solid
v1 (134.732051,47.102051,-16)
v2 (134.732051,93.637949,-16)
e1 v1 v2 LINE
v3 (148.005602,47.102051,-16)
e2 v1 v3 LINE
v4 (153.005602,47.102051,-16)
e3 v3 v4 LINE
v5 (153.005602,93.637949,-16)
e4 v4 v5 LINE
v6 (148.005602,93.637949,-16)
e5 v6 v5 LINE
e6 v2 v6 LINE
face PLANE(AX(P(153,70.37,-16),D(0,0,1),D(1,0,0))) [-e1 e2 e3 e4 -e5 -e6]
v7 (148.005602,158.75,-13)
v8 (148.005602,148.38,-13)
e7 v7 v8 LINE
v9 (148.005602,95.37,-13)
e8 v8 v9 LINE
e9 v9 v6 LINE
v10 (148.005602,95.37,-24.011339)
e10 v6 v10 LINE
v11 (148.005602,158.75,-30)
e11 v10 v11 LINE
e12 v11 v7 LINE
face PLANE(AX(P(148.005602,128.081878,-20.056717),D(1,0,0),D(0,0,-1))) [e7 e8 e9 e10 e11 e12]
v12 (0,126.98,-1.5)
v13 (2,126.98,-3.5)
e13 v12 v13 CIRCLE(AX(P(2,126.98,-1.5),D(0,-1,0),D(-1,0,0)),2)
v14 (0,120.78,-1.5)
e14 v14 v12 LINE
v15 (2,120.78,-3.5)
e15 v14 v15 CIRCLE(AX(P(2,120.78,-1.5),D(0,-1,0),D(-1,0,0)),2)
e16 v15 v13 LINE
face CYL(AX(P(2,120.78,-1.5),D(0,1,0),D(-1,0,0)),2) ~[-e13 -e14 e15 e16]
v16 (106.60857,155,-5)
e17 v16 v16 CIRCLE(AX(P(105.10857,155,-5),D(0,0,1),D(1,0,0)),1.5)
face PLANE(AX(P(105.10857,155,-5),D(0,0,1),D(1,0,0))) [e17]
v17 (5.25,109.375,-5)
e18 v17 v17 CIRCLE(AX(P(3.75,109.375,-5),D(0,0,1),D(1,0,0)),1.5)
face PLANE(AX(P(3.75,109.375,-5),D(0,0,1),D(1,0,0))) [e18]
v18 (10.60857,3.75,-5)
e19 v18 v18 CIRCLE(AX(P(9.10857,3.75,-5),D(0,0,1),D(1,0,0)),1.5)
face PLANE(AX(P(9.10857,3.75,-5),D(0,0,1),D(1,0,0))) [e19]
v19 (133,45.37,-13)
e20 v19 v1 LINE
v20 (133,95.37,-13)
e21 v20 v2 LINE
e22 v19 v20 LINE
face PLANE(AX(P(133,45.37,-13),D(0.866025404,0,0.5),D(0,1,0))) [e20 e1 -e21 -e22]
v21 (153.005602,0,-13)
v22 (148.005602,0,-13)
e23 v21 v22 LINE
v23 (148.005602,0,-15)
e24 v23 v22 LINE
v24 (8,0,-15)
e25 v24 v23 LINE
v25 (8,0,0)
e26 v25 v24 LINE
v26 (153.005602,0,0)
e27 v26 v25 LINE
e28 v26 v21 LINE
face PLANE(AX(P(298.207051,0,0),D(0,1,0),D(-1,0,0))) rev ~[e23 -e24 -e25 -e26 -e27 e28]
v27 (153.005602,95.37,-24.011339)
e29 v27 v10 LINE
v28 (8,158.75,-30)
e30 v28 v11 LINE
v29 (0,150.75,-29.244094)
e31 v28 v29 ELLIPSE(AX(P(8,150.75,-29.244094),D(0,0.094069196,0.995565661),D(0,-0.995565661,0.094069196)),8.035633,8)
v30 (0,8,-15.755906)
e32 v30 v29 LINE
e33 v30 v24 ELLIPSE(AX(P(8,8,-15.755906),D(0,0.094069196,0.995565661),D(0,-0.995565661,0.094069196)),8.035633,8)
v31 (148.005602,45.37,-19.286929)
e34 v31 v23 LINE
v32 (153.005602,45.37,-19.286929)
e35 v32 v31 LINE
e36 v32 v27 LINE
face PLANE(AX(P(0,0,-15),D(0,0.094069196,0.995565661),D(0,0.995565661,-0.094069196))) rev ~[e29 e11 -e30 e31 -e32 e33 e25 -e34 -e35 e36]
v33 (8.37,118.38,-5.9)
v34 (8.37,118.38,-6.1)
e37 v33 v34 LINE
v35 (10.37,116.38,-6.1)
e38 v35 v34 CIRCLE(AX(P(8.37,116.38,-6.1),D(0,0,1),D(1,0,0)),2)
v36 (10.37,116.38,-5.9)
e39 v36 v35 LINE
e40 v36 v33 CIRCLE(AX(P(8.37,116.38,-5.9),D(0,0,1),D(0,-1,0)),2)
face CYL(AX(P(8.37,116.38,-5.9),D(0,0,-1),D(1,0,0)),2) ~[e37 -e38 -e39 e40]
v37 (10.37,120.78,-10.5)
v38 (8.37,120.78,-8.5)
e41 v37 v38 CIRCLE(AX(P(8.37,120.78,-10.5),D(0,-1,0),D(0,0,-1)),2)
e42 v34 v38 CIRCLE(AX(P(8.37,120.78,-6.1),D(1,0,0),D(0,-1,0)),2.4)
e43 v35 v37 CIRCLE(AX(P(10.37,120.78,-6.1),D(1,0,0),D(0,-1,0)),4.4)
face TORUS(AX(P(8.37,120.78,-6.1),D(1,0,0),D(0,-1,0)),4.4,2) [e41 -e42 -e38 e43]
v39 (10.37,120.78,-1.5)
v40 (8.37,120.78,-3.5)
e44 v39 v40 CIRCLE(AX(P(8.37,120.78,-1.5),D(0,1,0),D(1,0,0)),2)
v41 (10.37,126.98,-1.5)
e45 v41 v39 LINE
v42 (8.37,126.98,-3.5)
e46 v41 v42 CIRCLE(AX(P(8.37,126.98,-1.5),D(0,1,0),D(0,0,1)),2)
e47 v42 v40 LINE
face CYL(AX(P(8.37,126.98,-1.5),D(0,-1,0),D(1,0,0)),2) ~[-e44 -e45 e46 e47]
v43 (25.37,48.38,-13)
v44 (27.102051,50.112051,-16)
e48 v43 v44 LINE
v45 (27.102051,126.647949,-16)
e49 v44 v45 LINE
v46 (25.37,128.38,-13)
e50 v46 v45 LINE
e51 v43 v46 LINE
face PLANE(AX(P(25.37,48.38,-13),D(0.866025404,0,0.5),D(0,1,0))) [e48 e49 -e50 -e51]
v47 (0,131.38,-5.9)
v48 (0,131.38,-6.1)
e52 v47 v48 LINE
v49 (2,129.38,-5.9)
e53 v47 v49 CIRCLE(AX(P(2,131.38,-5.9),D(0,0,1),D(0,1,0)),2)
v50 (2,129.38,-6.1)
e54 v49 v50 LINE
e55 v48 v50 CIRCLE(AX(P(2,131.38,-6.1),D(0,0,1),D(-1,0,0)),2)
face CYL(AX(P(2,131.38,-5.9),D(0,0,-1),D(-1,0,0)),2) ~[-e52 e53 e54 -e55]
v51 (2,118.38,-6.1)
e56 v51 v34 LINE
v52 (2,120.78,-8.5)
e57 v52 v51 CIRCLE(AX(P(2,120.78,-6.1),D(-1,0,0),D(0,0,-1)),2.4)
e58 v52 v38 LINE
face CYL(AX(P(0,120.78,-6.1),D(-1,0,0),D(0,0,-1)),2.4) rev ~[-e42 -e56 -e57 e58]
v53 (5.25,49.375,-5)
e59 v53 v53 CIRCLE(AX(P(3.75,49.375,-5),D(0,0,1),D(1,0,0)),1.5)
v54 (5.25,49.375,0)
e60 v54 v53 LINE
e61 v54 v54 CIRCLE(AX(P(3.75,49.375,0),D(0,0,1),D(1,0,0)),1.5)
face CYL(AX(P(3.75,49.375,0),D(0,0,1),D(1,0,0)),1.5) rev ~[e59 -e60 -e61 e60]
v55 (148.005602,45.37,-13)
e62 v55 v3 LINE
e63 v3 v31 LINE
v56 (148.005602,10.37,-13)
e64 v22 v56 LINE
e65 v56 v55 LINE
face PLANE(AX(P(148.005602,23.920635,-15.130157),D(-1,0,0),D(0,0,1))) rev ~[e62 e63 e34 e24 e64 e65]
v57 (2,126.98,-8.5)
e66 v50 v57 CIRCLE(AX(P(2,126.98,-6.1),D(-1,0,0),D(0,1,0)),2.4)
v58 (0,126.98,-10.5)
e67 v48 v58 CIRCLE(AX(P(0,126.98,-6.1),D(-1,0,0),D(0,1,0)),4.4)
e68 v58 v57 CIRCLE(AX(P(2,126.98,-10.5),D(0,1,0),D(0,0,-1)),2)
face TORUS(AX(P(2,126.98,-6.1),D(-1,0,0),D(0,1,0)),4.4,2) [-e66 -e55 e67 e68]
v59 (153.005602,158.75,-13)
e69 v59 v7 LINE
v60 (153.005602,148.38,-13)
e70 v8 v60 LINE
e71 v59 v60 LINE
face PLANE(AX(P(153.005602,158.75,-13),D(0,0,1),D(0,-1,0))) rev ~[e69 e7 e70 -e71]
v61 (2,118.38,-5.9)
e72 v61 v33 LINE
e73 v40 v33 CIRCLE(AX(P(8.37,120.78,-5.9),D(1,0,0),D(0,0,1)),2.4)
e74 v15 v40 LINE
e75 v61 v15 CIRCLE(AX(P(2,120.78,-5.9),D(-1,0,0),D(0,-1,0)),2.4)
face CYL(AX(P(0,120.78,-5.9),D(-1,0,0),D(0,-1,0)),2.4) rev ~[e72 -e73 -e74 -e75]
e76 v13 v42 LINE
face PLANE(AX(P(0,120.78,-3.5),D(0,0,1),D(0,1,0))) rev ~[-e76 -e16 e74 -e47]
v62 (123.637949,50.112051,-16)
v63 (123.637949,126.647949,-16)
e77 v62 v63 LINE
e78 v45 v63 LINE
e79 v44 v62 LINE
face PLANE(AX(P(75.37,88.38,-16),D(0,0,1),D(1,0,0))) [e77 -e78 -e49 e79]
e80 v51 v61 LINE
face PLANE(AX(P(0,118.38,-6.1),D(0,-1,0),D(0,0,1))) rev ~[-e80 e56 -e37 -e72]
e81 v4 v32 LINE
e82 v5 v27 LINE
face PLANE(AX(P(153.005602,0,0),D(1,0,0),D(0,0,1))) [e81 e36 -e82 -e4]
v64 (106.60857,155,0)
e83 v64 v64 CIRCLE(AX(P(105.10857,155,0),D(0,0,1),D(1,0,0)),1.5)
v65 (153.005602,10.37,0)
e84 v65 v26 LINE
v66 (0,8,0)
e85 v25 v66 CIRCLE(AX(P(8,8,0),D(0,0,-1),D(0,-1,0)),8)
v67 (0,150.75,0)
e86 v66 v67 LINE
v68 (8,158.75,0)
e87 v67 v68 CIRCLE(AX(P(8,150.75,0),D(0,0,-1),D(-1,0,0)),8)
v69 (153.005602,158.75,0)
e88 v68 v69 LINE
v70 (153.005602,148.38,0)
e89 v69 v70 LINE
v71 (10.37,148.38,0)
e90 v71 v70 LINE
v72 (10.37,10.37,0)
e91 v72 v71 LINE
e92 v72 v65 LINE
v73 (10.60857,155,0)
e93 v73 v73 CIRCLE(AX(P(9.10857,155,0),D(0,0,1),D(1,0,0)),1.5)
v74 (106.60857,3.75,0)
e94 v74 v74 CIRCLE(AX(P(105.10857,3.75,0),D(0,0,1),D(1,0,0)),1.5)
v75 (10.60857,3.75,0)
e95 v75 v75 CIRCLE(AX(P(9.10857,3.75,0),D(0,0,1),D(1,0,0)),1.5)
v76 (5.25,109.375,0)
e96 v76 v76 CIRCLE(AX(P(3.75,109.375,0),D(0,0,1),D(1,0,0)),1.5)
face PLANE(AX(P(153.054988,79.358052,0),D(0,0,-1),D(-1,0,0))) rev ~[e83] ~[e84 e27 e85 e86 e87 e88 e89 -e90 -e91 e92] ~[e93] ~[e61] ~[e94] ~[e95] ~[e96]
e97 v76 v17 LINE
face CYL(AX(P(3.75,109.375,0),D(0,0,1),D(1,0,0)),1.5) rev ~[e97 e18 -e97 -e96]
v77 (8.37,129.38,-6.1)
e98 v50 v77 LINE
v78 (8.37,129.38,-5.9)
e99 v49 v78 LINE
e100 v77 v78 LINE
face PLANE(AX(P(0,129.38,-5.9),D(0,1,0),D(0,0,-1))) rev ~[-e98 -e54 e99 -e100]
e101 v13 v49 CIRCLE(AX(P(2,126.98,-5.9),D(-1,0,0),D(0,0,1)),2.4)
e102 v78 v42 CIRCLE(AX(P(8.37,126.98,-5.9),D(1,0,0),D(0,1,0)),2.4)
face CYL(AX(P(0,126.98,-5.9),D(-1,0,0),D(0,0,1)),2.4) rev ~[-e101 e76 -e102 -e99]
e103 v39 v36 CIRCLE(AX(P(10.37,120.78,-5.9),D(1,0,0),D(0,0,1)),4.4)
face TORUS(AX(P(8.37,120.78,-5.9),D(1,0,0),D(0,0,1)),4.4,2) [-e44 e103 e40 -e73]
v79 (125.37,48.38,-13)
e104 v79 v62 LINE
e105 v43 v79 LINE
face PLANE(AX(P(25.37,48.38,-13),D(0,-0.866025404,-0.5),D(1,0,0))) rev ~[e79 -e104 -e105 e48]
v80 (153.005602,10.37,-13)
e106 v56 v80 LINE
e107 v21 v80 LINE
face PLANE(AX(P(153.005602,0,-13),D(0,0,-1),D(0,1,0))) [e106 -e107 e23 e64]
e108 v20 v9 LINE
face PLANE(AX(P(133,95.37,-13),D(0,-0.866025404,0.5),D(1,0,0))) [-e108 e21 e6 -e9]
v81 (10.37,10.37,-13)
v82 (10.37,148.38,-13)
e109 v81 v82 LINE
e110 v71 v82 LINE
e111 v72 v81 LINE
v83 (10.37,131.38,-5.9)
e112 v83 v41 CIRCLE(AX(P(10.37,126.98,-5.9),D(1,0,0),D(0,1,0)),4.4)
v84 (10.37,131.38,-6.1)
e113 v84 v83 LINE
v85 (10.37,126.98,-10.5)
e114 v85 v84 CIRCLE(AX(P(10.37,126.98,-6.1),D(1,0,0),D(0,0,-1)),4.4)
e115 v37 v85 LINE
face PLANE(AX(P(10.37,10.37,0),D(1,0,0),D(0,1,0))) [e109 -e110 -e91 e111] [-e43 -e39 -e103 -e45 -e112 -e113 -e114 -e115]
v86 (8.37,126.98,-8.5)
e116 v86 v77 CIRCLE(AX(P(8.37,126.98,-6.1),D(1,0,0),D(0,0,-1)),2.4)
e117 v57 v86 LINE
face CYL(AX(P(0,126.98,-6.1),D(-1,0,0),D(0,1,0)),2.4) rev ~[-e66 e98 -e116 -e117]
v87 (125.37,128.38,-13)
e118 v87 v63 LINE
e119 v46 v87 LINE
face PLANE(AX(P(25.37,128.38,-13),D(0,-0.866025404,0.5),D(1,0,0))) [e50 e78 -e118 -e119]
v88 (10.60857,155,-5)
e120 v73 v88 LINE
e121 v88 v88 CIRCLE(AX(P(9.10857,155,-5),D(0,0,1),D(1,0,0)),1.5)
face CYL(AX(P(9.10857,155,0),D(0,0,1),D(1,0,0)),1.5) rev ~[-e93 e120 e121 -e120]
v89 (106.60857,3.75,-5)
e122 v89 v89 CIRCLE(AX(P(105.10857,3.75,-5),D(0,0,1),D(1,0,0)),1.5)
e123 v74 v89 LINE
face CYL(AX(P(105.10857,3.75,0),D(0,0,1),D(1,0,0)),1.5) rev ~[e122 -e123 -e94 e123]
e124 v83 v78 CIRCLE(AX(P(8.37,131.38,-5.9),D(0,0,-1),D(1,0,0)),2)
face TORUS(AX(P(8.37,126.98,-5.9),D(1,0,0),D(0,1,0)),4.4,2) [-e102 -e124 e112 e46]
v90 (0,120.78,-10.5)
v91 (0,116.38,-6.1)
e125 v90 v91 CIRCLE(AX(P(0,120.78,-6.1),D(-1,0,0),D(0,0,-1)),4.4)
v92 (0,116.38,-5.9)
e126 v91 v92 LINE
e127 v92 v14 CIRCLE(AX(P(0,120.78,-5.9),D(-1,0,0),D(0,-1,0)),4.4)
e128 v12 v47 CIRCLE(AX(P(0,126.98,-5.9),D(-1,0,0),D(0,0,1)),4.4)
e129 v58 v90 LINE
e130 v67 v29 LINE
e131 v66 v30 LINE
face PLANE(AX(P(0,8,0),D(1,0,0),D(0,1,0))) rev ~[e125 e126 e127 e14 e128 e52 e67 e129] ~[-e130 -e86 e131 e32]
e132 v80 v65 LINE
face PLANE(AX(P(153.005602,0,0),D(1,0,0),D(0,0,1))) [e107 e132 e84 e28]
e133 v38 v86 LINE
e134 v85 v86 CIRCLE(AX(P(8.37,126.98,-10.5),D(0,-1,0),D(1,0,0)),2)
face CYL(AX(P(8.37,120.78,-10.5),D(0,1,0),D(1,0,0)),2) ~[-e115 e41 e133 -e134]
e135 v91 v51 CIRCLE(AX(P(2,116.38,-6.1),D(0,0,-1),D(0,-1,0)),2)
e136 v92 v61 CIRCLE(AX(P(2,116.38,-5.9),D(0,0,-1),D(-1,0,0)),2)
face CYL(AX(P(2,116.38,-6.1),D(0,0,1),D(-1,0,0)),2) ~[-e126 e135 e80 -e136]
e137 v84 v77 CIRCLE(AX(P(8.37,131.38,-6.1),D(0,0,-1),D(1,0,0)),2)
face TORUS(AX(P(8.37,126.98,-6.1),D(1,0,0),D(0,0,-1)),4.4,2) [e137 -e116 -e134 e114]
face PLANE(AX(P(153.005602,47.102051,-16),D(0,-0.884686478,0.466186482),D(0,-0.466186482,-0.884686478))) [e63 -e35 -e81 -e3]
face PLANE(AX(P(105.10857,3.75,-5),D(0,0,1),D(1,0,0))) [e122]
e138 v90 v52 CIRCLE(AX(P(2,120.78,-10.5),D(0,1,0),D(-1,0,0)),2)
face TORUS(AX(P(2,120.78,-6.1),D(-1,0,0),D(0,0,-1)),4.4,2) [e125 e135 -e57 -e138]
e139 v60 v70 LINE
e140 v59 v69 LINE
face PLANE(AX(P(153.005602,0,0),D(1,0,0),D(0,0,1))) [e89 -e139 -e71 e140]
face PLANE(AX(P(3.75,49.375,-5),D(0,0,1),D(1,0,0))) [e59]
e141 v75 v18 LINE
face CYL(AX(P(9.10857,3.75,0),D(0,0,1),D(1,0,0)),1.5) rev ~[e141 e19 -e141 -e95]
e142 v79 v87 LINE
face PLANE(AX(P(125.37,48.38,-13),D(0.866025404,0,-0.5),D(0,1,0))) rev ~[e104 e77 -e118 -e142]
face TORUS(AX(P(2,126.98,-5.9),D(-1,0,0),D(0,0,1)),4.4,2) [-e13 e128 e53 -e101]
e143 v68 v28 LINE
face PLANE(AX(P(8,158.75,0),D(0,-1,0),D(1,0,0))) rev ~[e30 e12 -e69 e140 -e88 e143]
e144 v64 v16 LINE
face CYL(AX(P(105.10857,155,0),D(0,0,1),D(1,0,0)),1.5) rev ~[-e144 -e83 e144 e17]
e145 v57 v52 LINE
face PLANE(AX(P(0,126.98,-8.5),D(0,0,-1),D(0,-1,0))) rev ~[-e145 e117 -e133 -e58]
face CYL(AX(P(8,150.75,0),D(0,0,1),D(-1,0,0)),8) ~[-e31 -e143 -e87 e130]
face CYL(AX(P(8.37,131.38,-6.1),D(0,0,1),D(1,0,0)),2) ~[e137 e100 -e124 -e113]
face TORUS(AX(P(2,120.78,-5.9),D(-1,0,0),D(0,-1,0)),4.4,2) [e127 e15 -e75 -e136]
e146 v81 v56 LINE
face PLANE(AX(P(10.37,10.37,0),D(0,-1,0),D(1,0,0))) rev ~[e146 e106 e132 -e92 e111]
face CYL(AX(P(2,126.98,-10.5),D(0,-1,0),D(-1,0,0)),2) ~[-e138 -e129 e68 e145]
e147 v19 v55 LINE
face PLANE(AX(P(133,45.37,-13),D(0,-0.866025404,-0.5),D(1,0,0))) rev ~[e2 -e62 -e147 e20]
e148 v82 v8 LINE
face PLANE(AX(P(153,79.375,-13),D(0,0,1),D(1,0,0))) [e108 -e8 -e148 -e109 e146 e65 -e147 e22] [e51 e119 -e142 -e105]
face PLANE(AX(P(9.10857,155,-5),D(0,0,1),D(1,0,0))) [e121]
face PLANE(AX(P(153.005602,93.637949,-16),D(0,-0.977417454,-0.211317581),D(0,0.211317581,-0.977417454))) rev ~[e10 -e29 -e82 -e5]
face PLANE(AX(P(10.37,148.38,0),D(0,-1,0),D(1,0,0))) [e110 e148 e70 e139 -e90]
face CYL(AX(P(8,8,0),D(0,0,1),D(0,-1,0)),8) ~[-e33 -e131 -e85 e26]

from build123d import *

# Parameters (mm, degrees)
EXTRUDE_1_DEPTH      = 30
SKETCH_2_R           = 1.5
CUT_EXTRUDE_1_DEPTH  = 5
CUT_EXTRUDE_4_DEPTH  = 307
SKETCH_3_W           = 285.26
SKETCH_3_H           = 138.01
CUT_EXTRUDE_5_DEPTH  = 13
SKETCH_12_W          = 40
SKETCH_12_H          = 50
CUT_EXTRUDE_7_DEPTH  = 3
CUT_EXTRUDE_7_DRAFT  = -30
SKETCH_9_W           = 100
SKETCH_9_H           = 80
CUT_EXTRUDE_8_DEPTH  = 3
CUT_EXTRUDE_8_DRAFT  = -30
CUT_EXTRUDE_9_DEPTH  = 11
FILLET_1_R           = 2
CUT_EXTRUDE_10_DEPTH = 11
FILLET_2_R           = 2
FILLET_3_R           = 2
FILLET_4_R           = 2
CUT_EXTRUDE_11_DEPTH = 5


with BuildPart() as part:
    # Model → 凸台-拉伸1 (new body)
    with BuildSketch(Plane.XY):
        with BuildLine():
            Line((0, 11), (0, 150.75))
            ThreePointArc((0, 150.75), (2.343145751, 156.406854249), (8, 158.75))
            Line((8, 158.75), (298.011203897, 158.75))
            ThreePointArc((298.011203897, 158.75), (303.664092807, 156.410816811), (306.011196041, 150.761211743))
            Line((306.011196041, 150.761211743), (306.207051361, 11.011211743))
            Line((306.207051361, 11.011211743), (306.207051361, 8))
            ThreePointArc((306.207051361, 8), (303.863905611, 2.343145751), (298.207051361, 0))
            Line((298.207051361, 0), (8, 0))
            ThreePointArc((8, 0), (2.343145751, 2.343145751), (0, 8))
            Line((0, 8), (0, 11))
        make_face()
    extrude(amount=-EXTRUDE_1_DEPTH)

    # 草图2 → 切除-拉伸1 (cut)
    with BuildSketch(Plane.XY):
        with Locations((105.108569936, 3.75)):
            Circle(SKETCH_2_R)
        with Locations((9.108569936, 3.75)):
            Circle(SKETCH_2_R)
        with Locations((201.10846029, 3.817270412)):
            Circle(SKETCH_2_R)
        with Locations((297.108366012, 3.951811323)):
            Circle(SKETCH_2_R)
        with Locations((105.108569936, 155)):
            Circle(SKETCH_2_R)
        with Locations((9.108569936, 155)):
            Circle(SKETCH_2_R)
        with Locations((201.10846029, 154.932729588)):
            Circle(SKETCH_2_R)
        with Locations((297.108366012, 154.798188677)):
            Circle(SKETCH_2_R)
        with Locations((3.75, 109.375)):
            Circle(SKETCH_2_R)
        with Locations((3.75, 49.375)):
            Circle(SKETCH_2_R)
        with Locations((302.318900647, 109.584217456)):
            Circle(SKETCH_2_R)
        with Locations((302.402988717, 49.58427638)):
            Circle(SKETCH_2_R)
    extrude(amount=-CUT_EXTRUDE_1_DEPTH, mode=Mode.SUBTRACT)

    # 草图6 → 切除-拉伸4 (cut)
    with BuildSketch(Plane.ZY):
        Polygon((-30, 158.75), (-30, 0), (-15, 0), align=None)
    extrude(amount=-CUT_EXTRUDE_4_DEPTH, mode=Mode.SUBTRACT)

    # 草图3 → 切除-拉伸5 (cut)
    with BuildSketch(Plane.XY):
        with Locations((153, 79.375)):
            Rectangle(SKETCH_3_W, SKETCH_3_H)
    extrude(amount=-CUT_EXTRUDE_5_DEPTH, mode=Mode.SUBTRACT)


with BuildPart() as cut_extrude_7_tool:
    # 草图12 → 切除-拉伸7 (with draft: the straight prism first)
    with BuildSketch(Plane.XY.offset(-13)):
        with Locations((153, 70.37)):
            Rectangle(SKETCH_12_W, SKETCH_12_H)
    extrude(amount=-CUT_EXTRUDE_7_DEPTH)
    # 切除-拉伸7: the draft: its side faces are tilted about the plane it starts from
    cut_extrude_7_sides = [cut_extrude_7_tool.faces().sort_by_distance(p)[0] for p in [
        (153, 45.37, -14.5),
        (173, 70.37, -14.5),
        (153, 95.37, -14.5),
        (133, 70.37, -14.5),
    ]]
    draft(cut_extrude_7_sides, Plane.XY.offset(-13), CUT_EXTRUDE_7_DRAFT)


with BuildPart() as part_1:
    add(part.part)

    # 切除-拉伸7: cut by cut_extrude_7_tool
    add(cut_extrude_7_tool.part, mode=Mode.SUBTRACT)


with BuildPart() as cut_extrude_8_tool:
    # 草图9 → 切除-拉伸8 (with draft: the straight prism first)
    with BuildSketch(Plane.XY.offset(-13)):
        with Locations((75.37, 88.38)):
            Rectangle(SKETCH_9_W, SKETCH_9_H)
    extrude(amount=-CUT_EXTRUDE_8_DEPTH)
    # 切除-拉伸8: the draft: its side faces are tilted about the plane it starts from
    cut_extrude_8_sides = [cut_extrude_8_tool.faces().sort_by_distance(p)[0] for p in [
        (25.37, 88.38, -14.5),
        (75.37, 48.38, -14.5),
        (125.37, 88.38, -14.5),
        (75.37, 128.38, -14.5),
    ]]
    draft(cut_extrude_8_sides, Plane.XY.offset(-13), CUT_EXTRUDE_8_DRAFT)


with BuildPart() as part_2:
    add(part_1.part)

    # 切除-拉伸8: cut by cut_extrude_8_tool
    add(cut_extrude_8_tool.part, mode=Mode.SUBTRACT)

    # 草图14 → 切除-拉伸9 (cut)
    with BuildSketch(Plane.ZY):
        with BuildLine():
            Line((-5.9, 129.38), (-6.1, 129.38))
            ThreePointArc((-6.1, 129.38), (-7.797056275, 128.677056275), (-8.5, 126.98))
            Line((-8.5, 126.98), (-8.5, 120.78))
            ThreePointArc((-8.5, 120.78), (-7.797056275, 119.082943725), (-6.1, 118.38))
            Line((-6.1, 118.38), (-5.9, 118.38))
            ThreePointArc((-5.9, 118.38), (-4.202943725, 119.082943725), (-3.5, 120.78))
            Line((-3.5, 120.78), (-3.5, 126.98))
            ThreePointArc((-3.5, 126.98), (-4.202943725, 128.677056275), (-5.9, 129.38))
        make_face()
    extrude(amount=-CUT_EXTRUDE_9_DEPTH, mode=Mode.SUBTRACT)

    # 圆角1
    fillet_1_edges = [part_2.edges().sort_by_distance(p)[0] for p in [
        (0, 123.88, -3.5),
        (0, 118.38, -6),
        (0, 119.082943725, -7.797056275),
        (0, 128.677056275, -7.797056275),
        (0, 128.677056275, -4.202943725),
        (0, 129.38, -6),
        (0, 123.88, -8.5),
        (0, 119.082943725, -4.202943725),
    ]]
    fillet(fillet_1_edges, radius=FILLET_1_R)

    # 草图15 → 切除-拉伸10 (cut)
    with BuildSketch(Plane.XZ):
        with BuildLine():
            Line((222.53, -3.959687417), (229.73, -3.959687417))
            ThreePointArc((229.73, -3.959687417), (231.427056275, -4.662631142), (232.13, -6.359687417))
            Line((232.13, -6.359687417), (232.13, -6.559687417))
            ThreePointArc((232.13, -6.559687417), (231.427056275, -8.256743692), (229.73, -8.959687417))
            Line((229.73, -8.959687417), (222.53, -8.959687417))
            ThreePointArc((222.53, -8.959687417), (220.832943725, -8.256743692), (220.13, -6.559687417))
            Line((220.13, -6.559687417), (220.13, -6.359687417))
            ThreePointArc((220.13, -6.359687417), (220.832943725, -4.662631142), (222.53, -3.959687417))
        make_face()
    extrude(amount=-CUT_EXTRUDE_10_DEPTH, mode=Mode.SUBTRACT)

    # 圆角2
    fillet_2_edges = [part_2.edges().sort_by_distance(p)[0] for p in [
        (226.13, 0, -3.959687417),
        (232.13, 0, -6.459687417),
        (231.427056275, 0, -8.256743692),
        (220.832943725, 0, -4.662631142),
        (220.13, 0, -6.459687417),
        (220.832943725, 0, -8.256743692),
        (226.13, 0, -8.959687417),
        (231.427056275, 0, -4.662631142),
    ]]
    fillet(fillet_2_edges, radius=FILLET_2_R)

    # 圆角3
    fillet_3_edges = [part_2.edges().sort_by_distance(p)[0] for p in [
        (10.37, 129.38, -6),
        (10.37, 128.677056275, -7.797056275),
        (10.37, 123.88, -8.5),
        (10.37, 119.082943725, -7.797056275),
        (10.37, 118.38, -6),
        (10.37, 119.082943725, -4.202943725),
        (10.37, 123.88, -3.5),
        (10.37, 128.677056275, -4.202943725),
    ]]
    fillet(fillet_3_edges, radius=FILLET_3_R)

    # 圆角4
    fillet_4_edges = [part_2.edges().sort_by_distance(p)[0] for p in [
        (220.13, 10.37, -6.459687417),
        (220.832943725, 10.37, -8.256743692),
        (226.13, 10.37, -8.959687417),
        (231.427056275, 10.37, -8.256743692),
        (232.13, 10.37, -6.459687417),
        (231.427056275, 10.37, -4.662631142),
        (226.13, 10.37, -3.959687417),
        (220.832943725, 10.37, -4.662631142),
    ]]
    fillet(fillet_4_edges, radius=FILLET_4_R)


with BuildPart() as body_2:
    # Split Bodies 1: the piece on the far side of the plane
    add(part_2.part)
    split(bisect_by=Plane(origin=(153.005601949, 0, 0), x_dir=(0, 0, 1), z_dir=(1, 0, 0)), keep=Keep.BOTTOM)

    # 草图19 → 切除-拉伸11 (cut)
    with BuildSketch(Plane(origin=(153.005601949, 0, 0), x_dir=(0, 0, -1), z_dir=(1, 0, 0))):
        Polygon((13, 148.38), (13, 95.37), (16, 93.637949192), (24.011338583, 95.37), (30, 158.75), (13, 158.75), align=None)
        Polygon((19.286929134, 45.37), (15, 0), (13, 0), (13, 45.37), (16, 47.102050808), align=None)
    extrude(amount=-CUT_EXTRUDE_11_DEPTH, mode=Mode.SUBTRACT)


with BuildPart() as part_3:
    add(part_2.part)

    # Split Bodies 1
    split(bisect_by=Plane(origin=(153.005601949, 0, 0), x_dir=(0, 0, 1), z_dir=(1, 0, 0)), keep=Keep.TOP)


solid = body_2.part
